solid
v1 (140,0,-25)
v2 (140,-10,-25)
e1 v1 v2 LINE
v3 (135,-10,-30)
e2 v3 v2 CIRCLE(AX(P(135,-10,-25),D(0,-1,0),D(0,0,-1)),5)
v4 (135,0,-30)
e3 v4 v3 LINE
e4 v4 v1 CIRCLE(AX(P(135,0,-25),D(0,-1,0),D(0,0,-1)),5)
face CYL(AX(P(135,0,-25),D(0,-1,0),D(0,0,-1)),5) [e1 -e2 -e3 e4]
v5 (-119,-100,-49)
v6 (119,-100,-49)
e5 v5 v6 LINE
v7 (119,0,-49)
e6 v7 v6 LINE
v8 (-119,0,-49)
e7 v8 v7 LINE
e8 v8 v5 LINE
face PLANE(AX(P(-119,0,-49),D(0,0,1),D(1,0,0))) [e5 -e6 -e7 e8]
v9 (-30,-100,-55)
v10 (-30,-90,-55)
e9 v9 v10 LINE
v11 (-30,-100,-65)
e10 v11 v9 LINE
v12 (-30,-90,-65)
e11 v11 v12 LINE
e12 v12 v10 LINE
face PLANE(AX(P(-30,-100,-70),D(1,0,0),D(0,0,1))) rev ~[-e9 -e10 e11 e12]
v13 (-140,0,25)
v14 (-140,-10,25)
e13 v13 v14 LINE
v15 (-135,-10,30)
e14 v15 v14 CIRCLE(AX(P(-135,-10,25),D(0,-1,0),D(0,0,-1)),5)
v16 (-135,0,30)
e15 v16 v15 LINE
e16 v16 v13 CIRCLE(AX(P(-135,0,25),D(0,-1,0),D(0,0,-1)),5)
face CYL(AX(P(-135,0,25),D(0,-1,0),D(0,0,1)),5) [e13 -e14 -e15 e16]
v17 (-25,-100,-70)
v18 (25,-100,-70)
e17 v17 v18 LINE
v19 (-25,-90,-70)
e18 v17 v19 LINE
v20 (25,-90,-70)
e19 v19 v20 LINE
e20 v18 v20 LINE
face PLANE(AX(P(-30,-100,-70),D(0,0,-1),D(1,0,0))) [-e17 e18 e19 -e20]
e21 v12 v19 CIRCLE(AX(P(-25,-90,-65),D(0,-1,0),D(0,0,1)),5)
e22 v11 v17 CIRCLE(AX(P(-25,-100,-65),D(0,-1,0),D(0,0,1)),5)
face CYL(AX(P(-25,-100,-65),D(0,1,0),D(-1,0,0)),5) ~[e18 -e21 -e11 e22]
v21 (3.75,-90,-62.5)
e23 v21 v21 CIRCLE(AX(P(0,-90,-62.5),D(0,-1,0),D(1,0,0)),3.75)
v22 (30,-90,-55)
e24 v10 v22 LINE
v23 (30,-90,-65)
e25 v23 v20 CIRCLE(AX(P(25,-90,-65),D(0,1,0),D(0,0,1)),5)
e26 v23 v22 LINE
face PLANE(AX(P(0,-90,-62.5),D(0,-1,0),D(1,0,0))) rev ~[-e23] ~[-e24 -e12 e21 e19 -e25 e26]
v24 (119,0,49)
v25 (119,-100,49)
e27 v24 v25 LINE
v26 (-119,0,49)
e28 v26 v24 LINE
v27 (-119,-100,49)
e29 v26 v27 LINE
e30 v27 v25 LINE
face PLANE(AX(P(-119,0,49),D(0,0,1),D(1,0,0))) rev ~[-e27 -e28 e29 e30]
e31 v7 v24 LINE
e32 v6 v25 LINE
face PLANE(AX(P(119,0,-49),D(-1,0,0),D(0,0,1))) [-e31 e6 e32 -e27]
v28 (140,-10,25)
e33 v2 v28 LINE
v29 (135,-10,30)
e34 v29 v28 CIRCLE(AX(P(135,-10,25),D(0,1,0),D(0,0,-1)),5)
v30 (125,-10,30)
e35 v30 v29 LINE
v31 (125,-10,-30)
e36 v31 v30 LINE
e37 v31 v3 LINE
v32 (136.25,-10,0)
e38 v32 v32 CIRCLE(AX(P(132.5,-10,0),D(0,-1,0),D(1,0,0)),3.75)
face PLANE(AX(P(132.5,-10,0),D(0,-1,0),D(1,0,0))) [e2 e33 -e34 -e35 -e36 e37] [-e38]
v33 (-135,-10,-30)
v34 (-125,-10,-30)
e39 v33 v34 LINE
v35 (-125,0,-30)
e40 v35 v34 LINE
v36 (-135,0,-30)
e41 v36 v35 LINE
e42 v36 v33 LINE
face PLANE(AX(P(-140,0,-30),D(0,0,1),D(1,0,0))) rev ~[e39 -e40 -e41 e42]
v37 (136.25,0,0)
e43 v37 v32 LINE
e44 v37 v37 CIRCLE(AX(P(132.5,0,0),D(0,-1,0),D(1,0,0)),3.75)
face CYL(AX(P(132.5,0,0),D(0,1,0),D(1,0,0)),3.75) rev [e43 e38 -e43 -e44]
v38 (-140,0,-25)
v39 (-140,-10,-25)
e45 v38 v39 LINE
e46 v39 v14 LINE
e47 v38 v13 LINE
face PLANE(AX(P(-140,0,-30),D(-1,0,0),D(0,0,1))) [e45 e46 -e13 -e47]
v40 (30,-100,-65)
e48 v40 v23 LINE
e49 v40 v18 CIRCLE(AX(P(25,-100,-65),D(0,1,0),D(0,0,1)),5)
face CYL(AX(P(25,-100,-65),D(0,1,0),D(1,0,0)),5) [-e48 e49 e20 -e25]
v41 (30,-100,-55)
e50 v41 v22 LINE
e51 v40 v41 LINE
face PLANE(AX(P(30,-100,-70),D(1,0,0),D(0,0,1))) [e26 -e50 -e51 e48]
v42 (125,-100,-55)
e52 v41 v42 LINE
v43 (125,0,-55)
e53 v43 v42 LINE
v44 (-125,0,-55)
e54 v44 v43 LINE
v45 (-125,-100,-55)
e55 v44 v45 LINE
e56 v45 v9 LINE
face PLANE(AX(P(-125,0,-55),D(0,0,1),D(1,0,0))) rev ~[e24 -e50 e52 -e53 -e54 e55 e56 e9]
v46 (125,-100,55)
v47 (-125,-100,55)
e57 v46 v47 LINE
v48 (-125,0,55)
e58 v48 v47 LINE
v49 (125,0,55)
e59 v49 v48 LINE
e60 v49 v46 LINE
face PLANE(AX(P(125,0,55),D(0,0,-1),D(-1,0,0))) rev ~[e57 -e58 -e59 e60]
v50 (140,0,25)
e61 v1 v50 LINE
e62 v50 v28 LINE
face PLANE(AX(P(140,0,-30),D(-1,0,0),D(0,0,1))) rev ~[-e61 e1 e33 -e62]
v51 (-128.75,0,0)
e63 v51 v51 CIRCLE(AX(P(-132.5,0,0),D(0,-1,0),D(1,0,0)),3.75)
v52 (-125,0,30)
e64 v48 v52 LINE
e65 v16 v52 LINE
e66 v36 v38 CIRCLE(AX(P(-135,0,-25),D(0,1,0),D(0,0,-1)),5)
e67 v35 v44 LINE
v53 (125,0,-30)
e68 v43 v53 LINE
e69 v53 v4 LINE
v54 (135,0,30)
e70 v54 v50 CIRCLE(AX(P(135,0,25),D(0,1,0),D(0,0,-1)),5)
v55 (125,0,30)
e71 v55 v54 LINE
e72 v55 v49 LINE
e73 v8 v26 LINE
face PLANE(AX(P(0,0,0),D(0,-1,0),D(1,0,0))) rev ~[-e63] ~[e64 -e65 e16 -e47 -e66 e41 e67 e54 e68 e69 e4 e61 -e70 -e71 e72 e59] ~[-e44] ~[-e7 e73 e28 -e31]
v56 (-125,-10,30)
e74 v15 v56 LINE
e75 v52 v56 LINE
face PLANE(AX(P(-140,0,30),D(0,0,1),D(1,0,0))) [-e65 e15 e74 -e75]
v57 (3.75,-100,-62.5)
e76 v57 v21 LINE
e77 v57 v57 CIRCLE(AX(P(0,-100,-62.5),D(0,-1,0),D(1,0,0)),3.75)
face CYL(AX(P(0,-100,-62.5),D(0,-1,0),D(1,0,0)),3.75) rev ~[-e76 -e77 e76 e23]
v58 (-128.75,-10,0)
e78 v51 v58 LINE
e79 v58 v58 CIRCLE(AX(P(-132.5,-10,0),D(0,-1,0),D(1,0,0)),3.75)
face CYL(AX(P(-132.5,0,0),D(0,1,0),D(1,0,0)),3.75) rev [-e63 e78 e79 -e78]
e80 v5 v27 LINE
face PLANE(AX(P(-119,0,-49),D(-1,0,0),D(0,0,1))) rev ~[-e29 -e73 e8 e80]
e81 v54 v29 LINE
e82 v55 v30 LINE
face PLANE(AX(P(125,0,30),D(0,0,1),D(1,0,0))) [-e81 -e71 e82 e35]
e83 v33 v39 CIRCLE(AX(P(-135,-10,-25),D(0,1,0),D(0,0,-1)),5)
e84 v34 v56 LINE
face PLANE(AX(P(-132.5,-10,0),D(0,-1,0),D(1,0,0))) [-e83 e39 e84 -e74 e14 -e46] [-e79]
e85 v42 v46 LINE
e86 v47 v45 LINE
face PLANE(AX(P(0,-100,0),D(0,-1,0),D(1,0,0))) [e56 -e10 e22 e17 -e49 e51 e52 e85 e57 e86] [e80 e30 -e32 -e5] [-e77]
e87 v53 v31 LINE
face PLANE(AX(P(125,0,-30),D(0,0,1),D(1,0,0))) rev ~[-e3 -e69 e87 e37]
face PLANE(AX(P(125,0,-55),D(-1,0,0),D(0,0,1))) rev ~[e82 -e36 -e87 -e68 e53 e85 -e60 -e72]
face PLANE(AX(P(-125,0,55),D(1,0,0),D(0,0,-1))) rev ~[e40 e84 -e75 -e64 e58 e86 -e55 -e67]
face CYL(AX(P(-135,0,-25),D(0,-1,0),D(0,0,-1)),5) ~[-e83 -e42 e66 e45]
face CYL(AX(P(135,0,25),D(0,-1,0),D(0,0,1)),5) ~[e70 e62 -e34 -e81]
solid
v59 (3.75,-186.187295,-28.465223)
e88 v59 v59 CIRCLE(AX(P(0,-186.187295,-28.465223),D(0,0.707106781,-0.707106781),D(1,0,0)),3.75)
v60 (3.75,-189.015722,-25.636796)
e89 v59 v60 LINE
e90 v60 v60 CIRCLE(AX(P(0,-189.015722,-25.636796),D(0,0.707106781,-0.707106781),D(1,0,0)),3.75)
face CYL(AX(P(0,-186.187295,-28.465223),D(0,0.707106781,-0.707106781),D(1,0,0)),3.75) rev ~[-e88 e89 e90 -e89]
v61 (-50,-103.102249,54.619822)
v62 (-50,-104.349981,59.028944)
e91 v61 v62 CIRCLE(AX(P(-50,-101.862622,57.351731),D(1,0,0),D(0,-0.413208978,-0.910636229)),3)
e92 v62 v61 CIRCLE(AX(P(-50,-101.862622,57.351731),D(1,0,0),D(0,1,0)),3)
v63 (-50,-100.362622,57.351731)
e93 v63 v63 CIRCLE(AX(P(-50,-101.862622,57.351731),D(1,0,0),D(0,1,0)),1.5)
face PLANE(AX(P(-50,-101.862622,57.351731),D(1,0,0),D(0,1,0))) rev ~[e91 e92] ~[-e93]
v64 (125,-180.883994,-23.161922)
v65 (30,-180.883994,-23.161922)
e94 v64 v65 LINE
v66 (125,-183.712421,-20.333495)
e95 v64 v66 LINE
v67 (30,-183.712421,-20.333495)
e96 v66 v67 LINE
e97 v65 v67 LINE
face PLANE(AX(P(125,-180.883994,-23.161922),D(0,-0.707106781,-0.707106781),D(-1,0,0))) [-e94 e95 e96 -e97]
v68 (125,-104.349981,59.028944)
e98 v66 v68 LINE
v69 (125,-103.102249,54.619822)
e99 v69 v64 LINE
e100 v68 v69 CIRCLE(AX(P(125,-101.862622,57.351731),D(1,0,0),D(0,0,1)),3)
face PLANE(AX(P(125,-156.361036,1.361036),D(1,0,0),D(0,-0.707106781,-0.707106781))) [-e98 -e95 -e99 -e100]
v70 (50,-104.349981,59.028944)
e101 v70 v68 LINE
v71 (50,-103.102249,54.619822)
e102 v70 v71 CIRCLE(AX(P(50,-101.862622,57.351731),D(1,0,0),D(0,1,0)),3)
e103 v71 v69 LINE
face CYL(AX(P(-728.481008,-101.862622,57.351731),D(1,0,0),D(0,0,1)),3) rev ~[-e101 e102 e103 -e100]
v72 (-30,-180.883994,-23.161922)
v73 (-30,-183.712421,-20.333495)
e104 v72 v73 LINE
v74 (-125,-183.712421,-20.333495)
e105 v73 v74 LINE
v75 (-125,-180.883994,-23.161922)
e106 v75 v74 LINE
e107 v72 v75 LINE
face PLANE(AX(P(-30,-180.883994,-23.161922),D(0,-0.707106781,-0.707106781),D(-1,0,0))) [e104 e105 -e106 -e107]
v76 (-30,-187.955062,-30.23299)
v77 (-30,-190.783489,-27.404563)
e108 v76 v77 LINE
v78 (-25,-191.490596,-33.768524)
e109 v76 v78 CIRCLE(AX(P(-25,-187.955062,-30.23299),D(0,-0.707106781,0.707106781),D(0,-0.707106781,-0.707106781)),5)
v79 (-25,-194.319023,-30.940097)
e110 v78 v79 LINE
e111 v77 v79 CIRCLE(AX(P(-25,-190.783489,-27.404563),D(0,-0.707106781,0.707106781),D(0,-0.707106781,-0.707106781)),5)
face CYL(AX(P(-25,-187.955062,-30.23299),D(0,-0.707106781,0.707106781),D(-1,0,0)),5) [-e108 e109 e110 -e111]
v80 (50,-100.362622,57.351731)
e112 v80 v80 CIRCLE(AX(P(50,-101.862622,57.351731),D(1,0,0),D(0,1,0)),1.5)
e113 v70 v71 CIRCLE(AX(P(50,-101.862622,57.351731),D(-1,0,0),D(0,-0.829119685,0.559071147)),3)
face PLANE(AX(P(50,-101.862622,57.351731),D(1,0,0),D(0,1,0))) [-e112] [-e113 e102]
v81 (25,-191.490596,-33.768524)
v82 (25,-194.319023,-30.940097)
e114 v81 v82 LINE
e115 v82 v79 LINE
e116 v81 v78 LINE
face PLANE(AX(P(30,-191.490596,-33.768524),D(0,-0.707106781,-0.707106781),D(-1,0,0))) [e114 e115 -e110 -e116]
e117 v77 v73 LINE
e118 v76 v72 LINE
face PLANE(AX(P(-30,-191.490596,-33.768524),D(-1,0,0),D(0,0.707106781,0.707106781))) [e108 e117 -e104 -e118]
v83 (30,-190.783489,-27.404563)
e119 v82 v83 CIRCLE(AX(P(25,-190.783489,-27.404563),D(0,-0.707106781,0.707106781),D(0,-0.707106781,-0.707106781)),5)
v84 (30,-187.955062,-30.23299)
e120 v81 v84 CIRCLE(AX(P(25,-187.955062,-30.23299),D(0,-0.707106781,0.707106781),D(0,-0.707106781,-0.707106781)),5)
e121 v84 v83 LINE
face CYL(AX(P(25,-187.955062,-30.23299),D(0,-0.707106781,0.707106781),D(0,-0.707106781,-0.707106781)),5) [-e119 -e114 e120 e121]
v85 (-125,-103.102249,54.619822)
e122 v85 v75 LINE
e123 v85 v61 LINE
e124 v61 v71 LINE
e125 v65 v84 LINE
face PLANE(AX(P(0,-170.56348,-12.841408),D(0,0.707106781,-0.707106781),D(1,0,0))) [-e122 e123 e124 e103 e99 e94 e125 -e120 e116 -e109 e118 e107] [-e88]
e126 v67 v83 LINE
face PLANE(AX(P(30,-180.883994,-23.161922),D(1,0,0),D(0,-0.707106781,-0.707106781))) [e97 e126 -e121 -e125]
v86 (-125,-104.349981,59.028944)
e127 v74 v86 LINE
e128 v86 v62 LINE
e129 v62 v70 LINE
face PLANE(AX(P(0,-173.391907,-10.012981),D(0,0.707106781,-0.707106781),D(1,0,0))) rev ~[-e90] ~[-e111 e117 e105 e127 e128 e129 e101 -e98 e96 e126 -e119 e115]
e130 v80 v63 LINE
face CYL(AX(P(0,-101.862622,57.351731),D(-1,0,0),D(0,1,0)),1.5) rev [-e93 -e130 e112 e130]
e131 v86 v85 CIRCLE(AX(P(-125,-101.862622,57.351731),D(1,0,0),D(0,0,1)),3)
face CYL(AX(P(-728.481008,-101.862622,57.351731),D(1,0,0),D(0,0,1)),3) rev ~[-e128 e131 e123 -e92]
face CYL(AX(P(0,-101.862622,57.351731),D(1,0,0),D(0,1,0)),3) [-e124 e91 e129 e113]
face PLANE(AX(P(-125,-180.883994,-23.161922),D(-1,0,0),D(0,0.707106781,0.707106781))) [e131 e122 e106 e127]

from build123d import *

# Parameters (mm, degrees)
F0_W           = 238
F0_H           = 98
F1_DEPTH       = 100
F0_W_2         = 15
F0_H_2         = 60
F0_R           = 3.75
F2_DEPTH       = 10
F3_R           = 5
F4_W           = 60
F4_H           = 15
F4_R           = 3.75
F5_DEPTH       = 10
F6_R           = 5
F7_R           = 3
F7_R_2         = 1.5
F8_DEPTH       = 50
F11_END_RADIUS = 3
F10_W          = 250
F10_H          = 4
F11_REACH      = 402.309667303
F12_R          = 3.75
F13_DEPTH      = 4
F14_R          = 5


with BuildPart() as f1:
    # F0 (on Front) → F1 (new body)
    with BuildSketch(Plane.XZ):
        Polygon((125, 55), (-125, 55), (-125, 30), (-125, -30), (-125, -55), (125, -55), (125, -30), (125, 30), align=None)
        Rectangle(F0_W, F0_H, mode=Mode.SUBTRACT)
    extrude(amount=F1_DEPTH)

    # F0 (on Front) → F2 (join)
    with BuildSketch(Plane.XZ):
        with Locations((132.5, 0)):
            Rectangle(F0_W_2, F0_H_2)
        with Locations((132.5, 0)):
            Circle(F0_R, mode=Mode.SUBTRACT)
        with Locations((-132.5, 0)):
            Rectangle(F0_W_2, F0_H_2)
        with Locations((-132.5, 0)):
            Circle(F0_R, mode=Mode.SUBTRACT)
    extrude(amount=F2_DEPTH)

    # F3
    f3_edges = [f1.edges().sort_by_distance(p)[0] for p in [
        (140, -5, 30),
        (140, -5, -30),
        (-140, -5, -30),
        (-140, -5, 30),
    ]]
    fillet(f3_edges, radius=F3_R)

    # F4 (on face) → F5 (join)
    with BuildSketch(Plane.XZ.offset(100)):
        with Locations((0, -62.5)):
            Rectangle(F4_W, F4_H)
        with Locations((0, -62.5)):
            Circle(F4_R, mode=Mode.SUBTRACT)
    extrude(amount=-F5_DEPTH)

    # F6
    f6_edges = [f1.edges().sort_by_distance(p)[0] for p in [
        (-30, -95, -70),
        (30, -95, -70),
    ]]
    fillet(f6_edges, radius=F6_R)


with BuildPart() as f8:
    # F7 (on Right) → F8 (new body, symmetric)
    with BuildSketch(Plane.YZ):
        with Locations((-101.8626221217, 57.3517310288)):
            Circle(F7_R)
        with Locations((-101.8626221217, 57.3517310288)):
            Circle(F7_R_2, mode=Mode.SUBTRACT)
    extrude(amount=F8_DEPTH, both=True)

    f11_end = (Plane(origin=(0, -101.8626221217, 57.3517310288), x_dir=(0, 0, 1), z_dir=(1, 0, 0)) * Cylinder(F11_END_RADIUS, 1456.9620154124, mode=Mode.PRIVATE)).faces().sort_by_distance((0, -104.8626221217, 57.3517310288))[0]
    # F10 (on face) → F11 (join, up to the whole of a round face its end follows)
    with BuildSketch(Plane(origin=(0, -77.5, -77.5), x_dir=(-1, 0, 0), z_dir=(0, 0.7071067812, 0.7071067812))):
        with Locations((0, 113.5263462286)):
            Rectangle(F10_W, F10_H)
    f11_long = extrude(amount=F11_REACH, mode=Mode.PRIVATE)
    add(split(f11_long, bisect_by=f11_end, keep=Keep.ALL, mode=Mode.PRIVATE).solids().sort_by_distance((0, -157.7752492616, 2.7752492616))[0])

    # F12 (on face) → F13 (join)
    with BuildSketch(Plane(origin=(0, -78.8610356992, 78.8610356992), x_dir=(1, 0, 0), z_dir=(0, 0.7071067812, -0.7071067812))):
        Polygon((-125, 109.6015510839), (125, 109.6015510839), (125, 144.2822510839), (30, 144.2822510839), (30, 159.2822510839), (-30, 159.2822510839), (-30, 144.2822510839), (-125, 144.2822510839), align=None)
        with Locations((0, 151.7822510839)):
            Circle(F12_R, mode=Mode.SUBTRACT)
    extrude(amount=-F13_DEPTH)

    # F14
    f14_edges = [f8.edges().sort_by_distance(p)[0] for p in [
        (30, -192.904809, -32.354311),
        (-30, -192.904809, -32.354311),
    ]]
    fillet(f14_edges, radius=F14_R)


with BuildPart() as f8_1:
    # F15: moved
    add(f8.part)


solid = Compound([f1.part, f8_1.part])
